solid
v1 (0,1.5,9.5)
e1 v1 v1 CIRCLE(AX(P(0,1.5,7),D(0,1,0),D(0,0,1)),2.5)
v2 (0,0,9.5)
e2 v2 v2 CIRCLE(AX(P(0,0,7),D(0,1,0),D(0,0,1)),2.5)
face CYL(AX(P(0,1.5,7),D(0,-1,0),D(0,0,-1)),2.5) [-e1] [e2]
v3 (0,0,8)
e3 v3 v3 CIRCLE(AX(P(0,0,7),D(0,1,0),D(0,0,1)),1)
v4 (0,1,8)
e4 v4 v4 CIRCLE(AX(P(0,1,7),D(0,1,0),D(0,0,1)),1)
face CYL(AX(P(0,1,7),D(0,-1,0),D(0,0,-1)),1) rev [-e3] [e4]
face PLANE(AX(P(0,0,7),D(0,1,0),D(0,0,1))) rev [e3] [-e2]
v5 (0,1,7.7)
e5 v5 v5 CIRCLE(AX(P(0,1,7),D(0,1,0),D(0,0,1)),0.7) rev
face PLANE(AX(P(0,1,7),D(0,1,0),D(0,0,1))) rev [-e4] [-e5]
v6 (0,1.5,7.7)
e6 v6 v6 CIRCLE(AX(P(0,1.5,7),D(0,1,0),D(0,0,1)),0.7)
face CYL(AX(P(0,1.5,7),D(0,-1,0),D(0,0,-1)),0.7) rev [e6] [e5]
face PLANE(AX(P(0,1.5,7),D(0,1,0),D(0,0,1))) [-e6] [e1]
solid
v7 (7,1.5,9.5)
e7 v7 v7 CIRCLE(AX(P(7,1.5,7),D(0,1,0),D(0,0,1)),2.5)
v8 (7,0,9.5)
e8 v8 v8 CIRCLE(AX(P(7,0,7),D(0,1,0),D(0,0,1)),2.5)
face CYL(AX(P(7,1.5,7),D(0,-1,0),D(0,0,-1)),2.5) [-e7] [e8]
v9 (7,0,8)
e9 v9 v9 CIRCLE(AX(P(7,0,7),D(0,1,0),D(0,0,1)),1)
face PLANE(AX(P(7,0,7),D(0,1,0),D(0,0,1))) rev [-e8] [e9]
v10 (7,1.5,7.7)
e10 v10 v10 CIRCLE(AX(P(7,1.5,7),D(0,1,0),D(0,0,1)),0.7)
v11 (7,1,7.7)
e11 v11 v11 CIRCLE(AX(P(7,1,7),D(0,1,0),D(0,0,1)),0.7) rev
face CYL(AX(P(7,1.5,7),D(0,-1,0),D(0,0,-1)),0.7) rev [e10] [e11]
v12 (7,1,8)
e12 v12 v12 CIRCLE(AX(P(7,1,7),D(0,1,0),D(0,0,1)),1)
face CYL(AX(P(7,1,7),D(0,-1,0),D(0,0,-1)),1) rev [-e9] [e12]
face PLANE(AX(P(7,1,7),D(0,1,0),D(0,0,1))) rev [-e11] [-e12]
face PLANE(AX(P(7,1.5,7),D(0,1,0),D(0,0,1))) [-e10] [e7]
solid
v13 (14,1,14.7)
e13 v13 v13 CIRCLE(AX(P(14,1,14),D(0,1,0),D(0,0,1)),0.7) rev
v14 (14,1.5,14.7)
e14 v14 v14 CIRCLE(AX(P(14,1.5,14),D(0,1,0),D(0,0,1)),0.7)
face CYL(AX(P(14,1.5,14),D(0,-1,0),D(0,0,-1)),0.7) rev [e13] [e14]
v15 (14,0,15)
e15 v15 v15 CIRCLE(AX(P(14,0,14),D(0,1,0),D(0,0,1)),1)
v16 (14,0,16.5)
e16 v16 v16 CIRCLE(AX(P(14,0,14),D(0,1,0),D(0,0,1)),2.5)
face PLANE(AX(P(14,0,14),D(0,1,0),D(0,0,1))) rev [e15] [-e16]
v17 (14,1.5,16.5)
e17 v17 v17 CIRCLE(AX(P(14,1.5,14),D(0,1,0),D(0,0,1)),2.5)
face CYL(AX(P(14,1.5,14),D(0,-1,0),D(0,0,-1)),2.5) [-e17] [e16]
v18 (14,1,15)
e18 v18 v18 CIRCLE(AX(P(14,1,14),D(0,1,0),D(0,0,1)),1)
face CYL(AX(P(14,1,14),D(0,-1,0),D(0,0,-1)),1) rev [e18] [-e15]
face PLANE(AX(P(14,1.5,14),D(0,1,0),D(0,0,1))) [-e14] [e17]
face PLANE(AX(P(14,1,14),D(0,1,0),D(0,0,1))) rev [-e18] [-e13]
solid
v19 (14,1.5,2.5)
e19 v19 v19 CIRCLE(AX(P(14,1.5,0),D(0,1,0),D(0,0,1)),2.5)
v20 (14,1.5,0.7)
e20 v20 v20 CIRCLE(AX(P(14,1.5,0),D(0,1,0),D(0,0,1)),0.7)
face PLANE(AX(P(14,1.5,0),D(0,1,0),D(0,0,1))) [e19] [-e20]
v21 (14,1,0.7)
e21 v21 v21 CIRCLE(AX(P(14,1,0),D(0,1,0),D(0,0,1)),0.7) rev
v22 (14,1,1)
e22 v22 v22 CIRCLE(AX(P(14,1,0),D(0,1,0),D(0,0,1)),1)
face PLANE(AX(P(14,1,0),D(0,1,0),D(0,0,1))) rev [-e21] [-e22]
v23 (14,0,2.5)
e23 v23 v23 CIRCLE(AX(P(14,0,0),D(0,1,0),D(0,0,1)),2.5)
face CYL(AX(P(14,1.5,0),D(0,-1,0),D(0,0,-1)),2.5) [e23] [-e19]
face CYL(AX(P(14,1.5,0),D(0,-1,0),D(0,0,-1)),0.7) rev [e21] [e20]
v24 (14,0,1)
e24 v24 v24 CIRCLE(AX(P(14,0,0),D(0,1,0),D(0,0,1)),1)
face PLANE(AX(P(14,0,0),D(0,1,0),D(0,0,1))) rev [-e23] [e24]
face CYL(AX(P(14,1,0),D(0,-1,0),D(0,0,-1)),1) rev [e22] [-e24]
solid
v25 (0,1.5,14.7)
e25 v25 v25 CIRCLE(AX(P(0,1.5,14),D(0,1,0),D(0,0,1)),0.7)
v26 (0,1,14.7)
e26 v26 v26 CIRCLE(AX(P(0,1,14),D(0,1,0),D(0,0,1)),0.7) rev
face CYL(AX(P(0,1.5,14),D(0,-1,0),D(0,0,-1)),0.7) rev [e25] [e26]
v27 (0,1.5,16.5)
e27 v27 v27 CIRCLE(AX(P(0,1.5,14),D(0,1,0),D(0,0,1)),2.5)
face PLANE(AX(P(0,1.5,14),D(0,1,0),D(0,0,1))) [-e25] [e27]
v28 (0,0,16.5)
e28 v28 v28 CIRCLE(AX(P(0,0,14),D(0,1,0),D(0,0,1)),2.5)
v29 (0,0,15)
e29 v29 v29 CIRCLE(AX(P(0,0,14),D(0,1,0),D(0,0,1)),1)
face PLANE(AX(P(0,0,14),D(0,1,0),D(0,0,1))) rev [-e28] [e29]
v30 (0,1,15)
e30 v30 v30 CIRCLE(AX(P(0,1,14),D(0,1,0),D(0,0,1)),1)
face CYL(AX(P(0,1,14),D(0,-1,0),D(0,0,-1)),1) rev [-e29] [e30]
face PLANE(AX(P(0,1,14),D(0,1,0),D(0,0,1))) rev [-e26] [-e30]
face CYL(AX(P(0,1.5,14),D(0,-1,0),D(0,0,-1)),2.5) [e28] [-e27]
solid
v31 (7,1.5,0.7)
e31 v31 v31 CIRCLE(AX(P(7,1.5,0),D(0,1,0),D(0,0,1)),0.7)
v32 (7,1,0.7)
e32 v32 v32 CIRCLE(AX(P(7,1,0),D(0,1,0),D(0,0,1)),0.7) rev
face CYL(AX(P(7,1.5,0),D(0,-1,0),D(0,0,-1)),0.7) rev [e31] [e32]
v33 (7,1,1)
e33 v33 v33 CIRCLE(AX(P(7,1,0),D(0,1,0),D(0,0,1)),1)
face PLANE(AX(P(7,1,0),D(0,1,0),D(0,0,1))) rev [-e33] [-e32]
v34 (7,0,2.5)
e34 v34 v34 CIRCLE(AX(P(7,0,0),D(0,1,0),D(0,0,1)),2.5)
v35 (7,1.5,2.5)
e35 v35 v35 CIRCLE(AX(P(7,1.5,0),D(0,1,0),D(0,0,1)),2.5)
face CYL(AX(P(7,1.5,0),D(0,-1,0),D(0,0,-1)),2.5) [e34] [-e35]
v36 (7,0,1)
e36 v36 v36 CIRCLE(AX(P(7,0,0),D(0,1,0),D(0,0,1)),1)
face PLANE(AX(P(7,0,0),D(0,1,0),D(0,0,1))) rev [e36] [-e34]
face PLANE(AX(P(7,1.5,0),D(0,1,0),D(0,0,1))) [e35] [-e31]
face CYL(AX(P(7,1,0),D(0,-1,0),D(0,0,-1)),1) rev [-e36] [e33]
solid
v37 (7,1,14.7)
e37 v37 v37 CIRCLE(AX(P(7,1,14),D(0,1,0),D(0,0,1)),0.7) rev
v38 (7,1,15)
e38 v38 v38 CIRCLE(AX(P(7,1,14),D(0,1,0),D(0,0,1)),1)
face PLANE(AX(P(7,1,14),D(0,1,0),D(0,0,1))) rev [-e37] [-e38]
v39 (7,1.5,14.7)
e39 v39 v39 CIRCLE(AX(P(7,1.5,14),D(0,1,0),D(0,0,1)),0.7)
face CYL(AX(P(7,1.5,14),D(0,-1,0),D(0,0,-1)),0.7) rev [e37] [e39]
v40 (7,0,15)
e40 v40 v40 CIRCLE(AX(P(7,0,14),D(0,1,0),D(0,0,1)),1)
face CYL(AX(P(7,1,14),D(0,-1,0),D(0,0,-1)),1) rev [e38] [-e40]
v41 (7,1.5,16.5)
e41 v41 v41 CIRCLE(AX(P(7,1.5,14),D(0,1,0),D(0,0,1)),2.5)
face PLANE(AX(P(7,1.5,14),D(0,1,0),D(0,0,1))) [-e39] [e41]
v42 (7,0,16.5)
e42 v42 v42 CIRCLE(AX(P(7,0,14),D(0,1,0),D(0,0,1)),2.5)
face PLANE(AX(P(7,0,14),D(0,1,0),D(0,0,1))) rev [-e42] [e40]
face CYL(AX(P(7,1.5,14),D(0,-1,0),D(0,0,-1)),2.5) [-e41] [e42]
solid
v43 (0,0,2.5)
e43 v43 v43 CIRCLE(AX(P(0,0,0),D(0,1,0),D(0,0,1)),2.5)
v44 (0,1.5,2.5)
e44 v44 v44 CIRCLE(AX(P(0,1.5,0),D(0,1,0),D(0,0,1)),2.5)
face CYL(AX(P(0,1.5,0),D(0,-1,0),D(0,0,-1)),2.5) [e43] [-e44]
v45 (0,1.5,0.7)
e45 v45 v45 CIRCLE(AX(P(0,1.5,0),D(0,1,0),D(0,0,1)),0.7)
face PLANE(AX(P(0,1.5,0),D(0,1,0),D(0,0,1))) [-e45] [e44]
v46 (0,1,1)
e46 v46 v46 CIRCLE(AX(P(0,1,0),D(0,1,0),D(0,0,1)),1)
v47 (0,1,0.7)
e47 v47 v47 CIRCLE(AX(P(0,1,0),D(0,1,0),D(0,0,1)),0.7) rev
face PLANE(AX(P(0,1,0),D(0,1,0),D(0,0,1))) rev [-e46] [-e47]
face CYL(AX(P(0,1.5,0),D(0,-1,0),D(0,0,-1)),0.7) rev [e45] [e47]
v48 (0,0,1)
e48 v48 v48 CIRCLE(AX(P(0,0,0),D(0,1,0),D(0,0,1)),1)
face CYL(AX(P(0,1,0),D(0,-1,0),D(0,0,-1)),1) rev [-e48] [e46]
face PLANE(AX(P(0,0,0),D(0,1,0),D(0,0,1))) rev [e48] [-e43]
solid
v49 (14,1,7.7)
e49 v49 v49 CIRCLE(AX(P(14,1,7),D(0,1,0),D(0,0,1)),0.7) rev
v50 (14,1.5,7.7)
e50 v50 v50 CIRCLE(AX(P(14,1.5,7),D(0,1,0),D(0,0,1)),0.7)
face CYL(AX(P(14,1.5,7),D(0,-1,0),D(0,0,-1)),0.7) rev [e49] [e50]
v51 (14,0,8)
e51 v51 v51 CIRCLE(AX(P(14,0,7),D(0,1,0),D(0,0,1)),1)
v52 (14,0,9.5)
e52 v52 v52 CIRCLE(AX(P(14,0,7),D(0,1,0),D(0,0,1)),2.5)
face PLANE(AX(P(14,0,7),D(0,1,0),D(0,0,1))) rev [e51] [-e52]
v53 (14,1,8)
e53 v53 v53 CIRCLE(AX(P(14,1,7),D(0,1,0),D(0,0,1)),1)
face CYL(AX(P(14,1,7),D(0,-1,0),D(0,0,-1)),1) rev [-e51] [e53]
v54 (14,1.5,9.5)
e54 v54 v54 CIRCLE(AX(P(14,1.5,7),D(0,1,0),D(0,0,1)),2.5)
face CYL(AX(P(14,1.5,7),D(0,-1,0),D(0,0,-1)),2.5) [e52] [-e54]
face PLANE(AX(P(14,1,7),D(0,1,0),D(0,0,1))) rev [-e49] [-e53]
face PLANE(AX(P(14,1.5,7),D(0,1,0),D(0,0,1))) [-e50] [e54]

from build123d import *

# Parameters (mm, degrees)
SKETCH_1_R             = 2.5
EXTRUDE_1_DEPTH        = 1.5
SKETCH_1_5_R           = 1
CUT_EXTRUDE_2_DEPTH    = 1
SKETCH_1_6_R           = 0.7
CUT_EXTRUDE_3_DEPTH    = 4.840572874
PATTERN_LINEAR_1_COUNT = 3
PATTERN_LINEAR_1_PITCH = 7
PATTERN_LINEAR_2_COUNT = 3
PATTERN_LINEAR_2_PITCH = 7


with BuildPart() as part:
    # 草图1 → 凸台-拉伸1 (new body)
    with BuildSketch(Plane(origin=(0, 0, 0), x_dir=(1, 0, 0), z_dir=(0, 1, 0))):
        Circle(SKETCH_1_R)
    extrude(amount=EXTRUDE_1_DEPTH)

    # 草图1<5> → 切除-拉伸2 (cut)
    with BuildSketch(Plane(origin=(0, 0, 0), x_dir=(1, 0, 0), z_dir=(0, 1, 0))):
        Circle(SKETCH_1_5_R)
    extrude(amount=CUT_EXTRUDE_2_DEPTH, mode=Mode.SUBTRACT)

    # 草图1<6> → 切除-拉伸3 (cut, through all)
    with BuildSketch(Plane(origin=(0, 0, 0), x_dir=(1, 0, 0), z_dir=(0, 1, 0))):
        Circle(SKETCH_1_6_R)
    extrude(amount=CUT_EXTRUDE_3_DEPTH, mode=Mode.SUBTRACT)


with BuildPart() as pattern_linear_1_1:
    # 阵列(线性)1: pattern copy
    add(part.part.moved(Location(Vector(0, 0, 1) * (1 * PATTERN_LINEAR_1_PITCH))))


with BuildPart() as pattern_linear_1_2:
    # 阵列(线性)1: pattern copy
    add(part.part.moved(Location(Vector(0, 0, 1) * (2 * PATTERN_LINEAR_1_PITCH))))


with BuildPart() as pattern_linear_2_1:
    # 阵列(线性)2: pattern copy
    add(part.part.moved(Location(Vector(1, 0, 0) * (1 * PATTERN_LINEAR_2_PITCH))))


with BuildPart() as pattern_linear_2_2:
    # 阵列(线性)2: pattern copy
    add(part.part.moved(Location(Vector(1, 0, 0) * (2 * PATTERN_LINEAR_2_PITCH))))


with BuildPart() as pattern_linear_2_3:
    # 阵列(线性)2: pattern copy
    add(pattern_linear_1_1.part.moved(Location(Vector(1, 0, 0) * (1 * PATTERN_LINEAR_2_PITCH))))


with BuildPart() as pattern_linear_2_4:
    # 阵列(线性)2: pattern copy
    add(pattern_linear_1_1.part.moved(Location(Vector(1, 0, 0) * (2 * PATTERN_LINEAR_2_PITCH))))


with BuildPart() as pattern_linear_2_5:
    # 阵列(线性)2: pattern copy
    add(pattern_linear_1_2.part.moved(Location(Vector(1, 0, 0) * (1 * PATTERN_LINEAR_2_PITCH))))


with BuildPart() as pattern_linear_2_6:
    # 阵列(线性)2: pattern copy
    add(pattern_linear_1_2.part.moved(Location(Vector(1, 0, 0) * (2 * PATTERN_LINEAR_2_PITCH))))


solid = Compound([part.part, pattern_linear_1_1.part, pattern_linear_1_2.part, pattern_linear_2_1.part, pattern_linear_2_2.part, pattern_linear_2_3.part, pattern_linear_2_4.part, pattern_linear_2_5.part, pattern_linear_2_6.part])
